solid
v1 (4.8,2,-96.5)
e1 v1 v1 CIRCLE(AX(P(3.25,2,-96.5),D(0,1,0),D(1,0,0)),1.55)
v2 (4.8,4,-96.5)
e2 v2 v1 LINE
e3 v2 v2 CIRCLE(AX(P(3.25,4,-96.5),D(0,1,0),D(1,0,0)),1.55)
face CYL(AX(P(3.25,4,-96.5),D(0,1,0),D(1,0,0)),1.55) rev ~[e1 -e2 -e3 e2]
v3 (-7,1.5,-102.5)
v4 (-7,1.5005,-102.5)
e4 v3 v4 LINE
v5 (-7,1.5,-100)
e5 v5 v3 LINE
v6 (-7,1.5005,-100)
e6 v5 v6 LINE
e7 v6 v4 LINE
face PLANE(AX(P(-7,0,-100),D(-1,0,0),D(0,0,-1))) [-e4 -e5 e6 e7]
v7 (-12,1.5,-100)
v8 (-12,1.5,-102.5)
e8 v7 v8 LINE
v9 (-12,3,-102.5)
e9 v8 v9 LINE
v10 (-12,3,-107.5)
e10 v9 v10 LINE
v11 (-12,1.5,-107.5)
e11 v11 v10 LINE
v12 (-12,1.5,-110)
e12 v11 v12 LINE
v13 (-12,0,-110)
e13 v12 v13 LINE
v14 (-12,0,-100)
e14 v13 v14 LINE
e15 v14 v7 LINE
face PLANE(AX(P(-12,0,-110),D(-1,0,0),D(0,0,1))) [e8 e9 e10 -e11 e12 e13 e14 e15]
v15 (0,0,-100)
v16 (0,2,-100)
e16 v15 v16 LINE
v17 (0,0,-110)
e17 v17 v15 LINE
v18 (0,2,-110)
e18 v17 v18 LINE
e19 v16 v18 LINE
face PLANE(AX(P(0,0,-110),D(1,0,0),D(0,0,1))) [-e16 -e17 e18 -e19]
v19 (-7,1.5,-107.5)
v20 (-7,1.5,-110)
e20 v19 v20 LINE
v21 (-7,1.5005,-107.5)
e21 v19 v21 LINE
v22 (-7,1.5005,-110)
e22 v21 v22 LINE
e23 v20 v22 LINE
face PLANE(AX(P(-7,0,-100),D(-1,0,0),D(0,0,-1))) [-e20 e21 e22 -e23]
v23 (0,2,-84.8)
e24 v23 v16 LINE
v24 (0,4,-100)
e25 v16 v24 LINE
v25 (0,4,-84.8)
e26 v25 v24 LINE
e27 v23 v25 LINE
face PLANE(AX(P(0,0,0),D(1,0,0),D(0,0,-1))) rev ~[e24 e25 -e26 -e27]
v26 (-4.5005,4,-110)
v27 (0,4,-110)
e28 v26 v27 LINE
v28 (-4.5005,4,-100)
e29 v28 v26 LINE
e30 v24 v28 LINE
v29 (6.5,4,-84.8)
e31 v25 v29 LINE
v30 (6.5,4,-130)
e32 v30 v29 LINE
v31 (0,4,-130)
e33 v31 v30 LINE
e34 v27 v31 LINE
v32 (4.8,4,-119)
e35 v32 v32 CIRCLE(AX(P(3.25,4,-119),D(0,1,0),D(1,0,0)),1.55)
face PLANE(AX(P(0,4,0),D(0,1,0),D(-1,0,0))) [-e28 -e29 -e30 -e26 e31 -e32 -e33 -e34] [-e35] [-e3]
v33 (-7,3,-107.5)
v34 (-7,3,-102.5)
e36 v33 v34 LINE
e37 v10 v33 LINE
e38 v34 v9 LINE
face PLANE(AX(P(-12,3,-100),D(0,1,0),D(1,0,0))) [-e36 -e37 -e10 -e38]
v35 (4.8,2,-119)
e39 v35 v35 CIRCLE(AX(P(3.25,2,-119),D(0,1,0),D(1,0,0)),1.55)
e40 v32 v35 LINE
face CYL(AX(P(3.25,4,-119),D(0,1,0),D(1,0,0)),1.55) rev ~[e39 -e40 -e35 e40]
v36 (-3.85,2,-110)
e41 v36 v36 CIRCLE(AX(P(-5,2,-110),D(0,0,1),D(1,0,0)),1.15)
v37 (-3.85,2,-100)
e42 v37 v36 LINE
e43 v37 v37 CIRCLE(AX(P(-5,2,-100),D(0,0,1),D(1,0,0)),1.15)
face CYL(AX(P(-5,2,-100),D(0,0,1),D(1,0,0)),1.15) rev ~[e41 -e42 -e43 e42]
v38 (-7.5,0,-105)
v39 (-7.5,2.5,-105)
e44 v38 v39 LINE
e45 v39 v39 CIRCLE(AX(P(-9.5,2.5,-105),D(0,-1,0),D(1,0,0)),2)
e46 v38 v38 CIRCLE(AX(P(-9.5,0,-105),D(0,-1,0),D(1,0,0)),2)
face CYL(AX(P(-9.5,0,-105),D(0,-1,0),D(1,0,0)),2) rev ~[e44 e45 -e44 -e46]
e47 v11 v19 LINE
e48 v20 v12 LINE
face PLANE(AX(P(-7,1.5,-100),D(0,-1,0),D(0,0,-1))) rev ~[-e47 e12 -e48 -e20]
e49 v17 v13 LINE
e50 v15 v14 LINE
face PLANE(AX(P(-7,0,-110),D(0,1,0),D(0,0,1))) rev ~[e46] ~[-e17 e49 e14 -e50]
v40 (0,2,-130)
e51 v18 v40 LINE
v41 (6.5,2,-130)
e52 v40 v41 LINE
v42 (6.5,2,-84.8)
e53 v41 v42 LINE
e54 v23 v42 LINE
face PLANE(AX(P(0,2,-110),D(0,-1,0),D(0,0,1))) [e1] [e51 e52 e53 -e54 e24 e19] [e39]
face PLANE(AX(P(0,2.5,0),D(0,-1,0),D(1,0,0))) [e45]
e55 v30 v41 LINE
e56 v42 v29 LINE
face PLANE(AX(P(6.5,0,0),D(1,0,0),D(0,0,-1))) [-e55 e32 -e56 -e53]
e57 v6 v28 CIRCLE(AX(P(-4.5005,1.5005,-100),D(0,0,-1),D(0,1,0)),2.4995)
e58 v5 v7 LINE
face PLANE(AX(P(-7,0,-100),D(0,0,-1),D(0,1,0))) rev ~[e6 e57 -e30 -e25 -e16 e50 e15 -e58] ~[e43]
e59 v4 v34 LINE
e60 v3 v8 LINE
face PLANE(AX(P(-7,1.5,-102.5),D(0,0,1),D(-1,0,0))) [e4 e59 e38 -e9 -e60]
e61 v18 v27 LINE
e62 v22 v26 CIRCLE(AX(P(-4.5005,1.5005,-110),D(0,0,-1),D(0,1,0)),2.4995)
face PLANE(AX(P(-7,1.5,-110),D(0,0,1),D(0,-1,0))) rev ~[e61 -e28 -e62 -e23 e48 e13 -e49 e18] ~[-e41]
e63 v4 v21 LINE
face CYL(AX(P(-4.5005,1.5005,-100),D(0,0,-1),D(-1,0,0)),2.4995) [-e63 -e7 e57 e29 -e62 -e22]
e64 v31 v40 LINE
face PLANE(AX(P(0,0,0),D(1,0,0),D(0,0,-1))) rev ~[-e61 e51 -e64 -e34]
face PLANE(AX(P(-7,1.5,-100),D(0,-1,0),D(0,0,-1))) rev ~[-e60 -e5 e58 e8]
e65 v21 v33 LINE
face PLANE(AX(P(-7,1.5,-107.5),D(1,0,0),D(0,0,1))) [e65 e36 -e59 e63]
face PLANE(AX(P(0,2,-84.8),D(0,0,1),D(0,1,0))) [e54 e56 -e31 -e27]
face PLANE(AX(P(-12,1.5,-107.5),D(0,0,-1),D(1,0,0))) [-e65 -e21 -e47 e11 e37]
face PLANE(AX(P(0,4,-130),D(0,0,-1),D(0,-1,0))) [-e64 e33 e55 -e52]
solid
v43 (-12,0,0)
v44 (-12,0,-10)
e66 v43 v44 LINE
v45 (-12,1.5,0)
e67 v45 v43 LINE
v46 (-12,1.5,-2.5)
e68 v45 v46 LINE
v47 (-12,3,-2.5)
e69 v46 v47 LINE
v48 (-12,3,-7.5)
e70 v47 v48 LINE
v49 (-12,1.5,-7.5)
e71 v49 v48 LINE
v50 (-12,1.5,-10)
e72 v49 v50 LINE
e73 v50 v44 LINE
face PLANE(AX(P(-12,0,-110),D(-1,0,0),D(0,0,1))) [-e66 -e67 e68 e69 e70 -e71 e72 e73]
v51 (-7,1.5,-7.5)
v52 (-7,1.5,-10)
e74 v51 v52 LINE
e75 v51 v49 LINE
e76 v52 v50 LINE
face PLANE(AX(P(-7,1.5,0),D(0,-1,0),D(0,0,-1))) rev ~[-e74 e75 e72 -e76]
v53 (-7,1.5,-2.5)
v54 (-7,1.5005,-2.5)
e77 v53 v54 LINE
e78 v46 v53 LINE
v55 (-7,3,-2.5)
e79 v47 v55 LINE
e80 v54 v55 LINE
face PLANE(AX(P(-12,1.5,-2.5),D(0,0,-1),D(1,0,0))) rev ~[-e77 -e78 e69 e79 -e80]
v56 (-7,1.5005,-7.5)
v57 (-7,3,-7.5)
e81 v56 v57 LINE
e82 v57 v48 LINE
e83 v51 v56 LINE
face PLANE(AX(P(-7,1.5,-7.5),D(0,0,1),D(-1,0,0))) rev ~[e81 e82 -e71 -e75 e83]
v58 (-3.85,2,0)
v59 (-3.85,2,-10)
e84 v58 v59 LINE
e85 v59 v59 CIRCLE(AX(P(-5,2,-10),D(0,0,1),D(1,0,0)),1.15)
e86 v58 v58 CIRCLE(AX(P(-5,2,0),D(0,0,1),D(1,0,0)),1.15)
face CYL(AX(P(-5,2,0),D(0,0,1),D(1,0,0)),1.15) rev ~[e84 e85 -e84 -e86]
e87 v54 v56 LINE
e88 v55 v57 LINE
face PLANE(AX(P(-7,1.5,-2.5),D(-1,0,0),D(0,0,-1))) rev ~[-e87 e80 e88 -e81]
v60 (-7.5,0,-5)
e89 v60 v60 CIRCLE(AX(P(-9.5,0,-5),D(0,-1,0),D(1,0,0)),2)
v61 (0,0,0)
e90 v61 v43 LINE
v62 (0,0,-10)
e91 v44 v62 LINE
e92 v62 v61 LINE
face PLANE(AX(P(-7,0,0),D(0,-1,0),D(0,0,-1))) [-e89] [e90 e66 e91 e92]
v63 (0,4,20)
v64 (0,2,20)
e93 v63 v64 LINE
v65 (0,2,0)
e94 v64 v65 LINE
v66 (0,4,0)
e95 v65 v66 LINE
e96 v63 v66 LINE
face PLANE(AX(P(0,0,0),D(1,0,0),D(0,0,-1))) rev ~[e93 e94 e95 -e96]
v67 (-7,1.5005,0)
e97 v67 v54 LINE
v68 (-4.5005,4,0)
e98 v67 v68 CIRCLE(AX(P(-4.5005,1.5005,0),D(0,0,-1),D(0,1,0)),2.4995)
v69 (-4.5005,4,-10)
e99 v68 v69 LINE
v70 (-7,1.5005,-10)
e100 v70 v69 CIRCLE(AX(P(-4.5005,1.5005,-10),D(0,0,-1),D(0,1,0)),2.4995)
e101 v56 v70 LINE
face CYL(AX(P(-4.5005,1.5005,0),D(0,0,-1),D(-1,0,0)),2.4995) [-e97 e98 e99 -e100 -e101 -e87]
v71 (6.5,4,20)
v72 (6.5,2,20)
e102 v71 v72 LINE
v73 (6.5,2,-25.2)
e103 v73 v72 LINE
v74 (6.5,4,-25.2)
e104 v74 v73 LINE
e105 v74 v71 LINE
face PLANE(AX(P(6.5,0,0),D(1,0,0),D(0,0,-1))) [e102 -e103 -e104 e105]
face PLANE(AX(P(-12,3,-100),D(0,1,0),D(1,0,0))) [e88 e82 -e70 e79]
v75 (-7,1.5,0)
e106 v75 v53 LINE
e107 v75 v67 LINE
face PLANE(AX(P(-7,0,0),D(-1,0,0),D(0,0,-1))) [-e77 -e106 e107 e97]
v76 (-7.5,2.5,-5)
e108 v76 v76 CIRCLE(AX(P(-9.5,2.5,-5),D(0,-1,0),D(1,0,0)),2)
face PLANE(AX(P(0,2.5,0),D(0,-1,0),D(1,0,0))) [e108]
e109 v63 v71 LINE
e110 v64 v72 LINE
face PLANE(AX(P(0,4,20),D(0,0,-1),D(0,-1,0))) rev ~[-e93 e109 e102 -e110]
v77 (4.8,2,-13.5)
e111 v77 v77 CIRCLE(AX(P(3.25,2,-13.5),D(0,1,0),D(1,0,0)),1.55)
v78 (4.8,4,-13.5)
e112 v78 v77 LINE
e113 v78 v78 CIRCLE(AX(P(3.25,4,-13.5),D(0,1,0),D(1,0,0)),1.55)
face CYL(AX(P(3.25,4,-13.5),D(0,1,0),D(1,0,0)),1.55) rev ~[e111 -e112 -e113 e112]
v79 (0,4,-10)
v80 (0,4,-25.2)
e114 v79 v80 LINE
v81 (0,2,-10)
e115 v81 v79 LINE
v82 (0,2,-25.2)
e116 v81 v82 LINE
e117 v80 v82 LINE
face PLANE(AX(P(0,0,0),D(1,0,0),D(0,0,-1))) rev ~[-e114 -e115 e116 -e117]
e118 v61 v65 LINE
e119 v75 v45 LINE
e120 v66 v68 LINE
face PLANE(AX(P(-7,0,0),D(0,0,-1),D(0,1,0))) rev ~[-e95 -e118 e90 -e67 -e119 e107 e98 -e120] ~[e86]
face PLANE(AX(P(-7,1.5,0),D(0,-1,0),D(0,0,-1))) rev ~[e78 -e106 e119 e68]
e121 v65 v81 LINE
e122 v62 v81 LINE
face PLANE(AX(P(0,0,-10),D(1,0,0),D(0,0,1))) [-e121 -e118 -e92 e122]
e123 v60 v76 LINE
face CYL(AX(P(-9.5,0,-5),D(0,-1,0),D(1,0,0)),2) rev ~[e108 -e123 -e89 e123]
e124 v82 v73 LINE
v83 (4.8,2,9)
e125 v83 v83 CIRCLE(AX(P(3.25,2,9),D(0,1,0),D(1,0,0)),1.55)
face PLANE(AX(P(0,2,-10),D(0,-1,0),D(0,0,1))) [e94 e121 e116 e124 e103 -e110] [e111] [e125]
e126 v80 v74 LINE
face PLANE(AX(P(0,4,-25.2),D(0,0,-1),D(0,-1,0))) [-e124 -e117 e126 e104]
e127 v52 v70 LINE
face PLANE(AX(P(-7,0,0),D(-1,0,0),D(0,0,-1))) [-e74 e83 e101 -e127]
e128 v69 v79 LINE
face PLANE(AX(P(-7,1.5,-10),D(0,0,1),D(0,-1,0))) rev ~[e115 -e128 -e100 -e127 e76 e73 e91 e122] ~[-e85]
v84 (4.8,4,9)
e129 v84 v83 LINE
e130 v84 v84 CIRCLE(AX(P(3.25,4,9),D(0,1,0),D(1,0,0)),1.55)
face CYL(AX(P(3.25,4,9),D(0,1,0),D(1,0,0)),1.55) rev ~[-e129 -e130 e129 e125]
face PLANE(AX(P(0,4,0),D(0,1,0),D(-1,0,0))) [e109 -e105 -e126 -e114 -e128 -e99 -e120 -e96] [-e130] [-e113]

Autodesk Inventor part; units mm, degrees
ref_plane "YZ Plane" through (0, 0, 0) normal (1, 0, 0) x (0, 1, 0)
ref_plane "XZ Plane" through (0, 0, 0) normal (0, 1, 0) x (-1, 0, 0)
ref_plane "XY Plane" through (0, 0, 0) normal (0, 0, 1) x (1, 0, 0)
sketch "Sketch21" plane through (0, 0, 0) normal (0, 1, 0) x (-1, 0, 0)
  line L0 (0, 0) -> (7, 0)
  line L1 (7, 0) -> (7, -10)
  line L2 (7, -10) -> (0, -10)
  line L3 (0, -10) -> (0, 0)
  line L4 (0, -100) -> (7, -100)
  line L5 (7, -100) -> (7, -110)
  line L6 (7, -110) -> (0, -110)
  line L7 (0, -110) -> (0, -100)
  dimension "d144" = 7
  dimension "d145" = 10
  dimension "d146" = 7
  dimension "d147" = 10
  dimension "d148" = 90
extrude "Extrusion19" add sketch "Sketch21" along normal blind 4
sketch "Sketch22" plane through (0, 0, 0) normal (1, 0, 0) x (0, 0, -1)
  line L0 (10, 4) -> (0, 4) projected
  line L1 (10, 0) -> (10, 4) projected
  line L2 (0, 4) -> (10, 4)
  line L3 (10, 4) -> (10, 2)
  line L4 (10, 2) -> (0, 2)
  line L5 (0, 2) -> (0, 4)
  line L6 (10, 4) -> (25.2, 4)
  line L7 (25.2, 4) -> (25.2, 2)
  line L8 (25.2, 2) -> (10, 2)
  line L9 (10, 2) -> (10, 4)
  line L10 (0, 4) -> (-20, 4)
  line L11 (-20, 4) -> (-20, 2)
  line L12 (-20, 2) -> (0, 2)
  line L13 (0, 2) -> (0, 4)
  line L14 (110, 0) -> (110, 4) projected
  line L15 (100, 4) -> (110, 4)
  line L16 (110, 4) -> (110, 2)
  line L17 (110, 2) -> (100, 2)
  line L18 (100, 2) -> (100, 4)
  line L19 (100, 2) -> (84.8, 2)
  line L20 (84.8, 2) -> (84.8, 4)
  line L21 (84.8, 4) -> (100, 4)
  line L22 (100, 4) -> (100, 2)
  line L23 (110, 4) -> (130, 4)
  line L24 (130, 4) -> (130, 2)
  line L25 (130, 2) -> (110, 2)
  line L26 (110, 2) -> (110, 4)
  point P0 (0, 0)
  point P1 (10, 3)
  point P2 (0, 3)
  dimension "d151" = 10
  dimension "d152" = 15.2
  dimension "d153" = 20
  dimension "d154" = 15.2
  dimension "d155" = 20
extrude "Extrusion20" add sketch "Sketch22" along normal blind 6.5
sketch "Sketch23" plane through (0, 4, 0) normal (0, 1, 0) x (1, 0, 0)
  point P0 (0, 0)
sketch "Sketch24" plane through (0, 4, 0) normal (0, 1, 0) x (1, 0, 0)
  circle A0 centre (3.25, -9) radius 1.55
  circle A1 centre (3.25, 13.5) radius 1.55
  line L0 (0, -20) -> (6.5, -20) projected
  line L1 (0, 0) -> (0, -20) projected
  line L2 (0, 25.2) -> (0, 10) projected
  circle A2 centre (3.25, 96.5) radius 1.55
  circle A3 centre (3.25, 119) radius 1.55
  line L3 (0, 130) -> (0, 110) projected
  line L4 (0, 130) -> (6.5, 130) projected
  point P0 (3.25, -20)
  point P1 (3.25, -20)
  point P2 (3.25, 130)
  point P3 (3.25, 130)
  dimension "d158" = 3.1
  dimension "d159" = 3.1
  dimension "d160" = 11
  dimension "d161" = 33.5
  dimension "d162" = 3.25
  dimension "d163" = 3.25
  dimension "d164" = 3.1
  dimension "d165" = 3.1
  dimension "d166" = 3.25
  dimension "d167" = 11
  dimension "d169" = 33.5
  dimension "d170" = 3.25
extrude "Extrusion21" cut sketch "Sketch24" against normal blind 2
sketch "Sketch25" plane through (-7, 0, 0) normal (0, 0, 1) x (1, 0, 0)
  circle A0 centre (2, 2) radius 1.15
  line L0 (0, 0) -> (0, 4) projected
  line L1 (0, 4) -> (7, 4) projected
  point P0 (7, 0)
  point P1 (0, 2)
  dimension "d173" = 2.3
  dimension "d174" = 2
  dimension "d175" = 2
extrude "Extrusion22" cut sketch "Sketch25" against normal blind 90
sketch "Szkic26" plane through (0, 0, -100) normal (0, 0, 1) x (1, 0, 0)
  line L0 (0, 2) -> (6.5, 2) projected
  circle A0 centre (-5, 2) radius 1.15 projected
  point P0 (0, 0)
extrude "Wyciągnięcie proste23" cut sketch "Szkic26" against normal blind 10
sketch "Szkic31" plane through (-7, 0, -110) normal (-1, 0, 0) x (0, 0, 1)
  line L0 (110, 0) -> (100, 0) projected
  line L1 (110, 3.15) -> (110, 0.85) projected
  line L2 (100, 0) -> (110, 0)
  line L3 (110, 0) -> (110, 1.5)
  line L4 (110, 1.5) -> (100, 1.5)
  line L5 (100, 1.5) -> (100, 0)
  dimension "d201" = 1.5
extrude "Wyciągnięcie proste28" add sketch "Szkic31" along normal blind 5
fillet "Zaokrąglenie6" radius 2.5 1 edges at (-7, 4, -5)
sketch "Szkic32" plane through (-7, 0, -110) normal (-1, 0, 0) x (0, 0, 1)
  line L0 (0, 0) -> (10, 0)
  line L1 (10, 0) -> (10, 1.5)
  line L2 (10, 1.5) -> (0, 1.5)
  line L3 (0, 1.5) -> (0, 0)
  point P0 (110, 0)
  dimension "d205" = 10
  dimension "d206" = 1.5
extrude "Wyciągnięcie proste29" add sketch "Szkic32" along normal blind 5
fillet "Zaokrąglenie7" radius 2.5 1 edges at (-7, 4, -105)
sketch "Szkic33" plane through (-12, 1.5, -100) normal (0, 1, 0) x (1, 0, 0)
  circle A0 centre (2.5, 5) radius 2
  circle A1 centre (2.5, -95) radius 2
  line L0 (0, -100) -> (0, -90) projected
  line L1 (5, -100) -> (0, -100) projected
  line L2 (5, 0) -> (0, 0) projected
  line L3 (0, 0) -> (0, 10) projected
  line L4 (5, 2.5) -> (0, 2.5)
  line L5 (0, 2.5) -> (0, 7.5)
  line L6 (0, 7.5) -> (5, 7.5)
  line L7 (5, 7.5) -> (5, 2.5)
  line L8 (5, 2.5) -> (0, 7.5) construction
  line L9 (0, 2.5) -> (5, 7.5) construction
  line L10 (5, -92.5) -> (0, -92.5)
  line L11 (0, -92.5) -> (0, -97.5)
  line L12 (0, -97.5) -> (5, -97.5)
  line L13 (5, -97.5) -> (5, -92.5)
  line L14 (5, -92.5) -> (0, -97.5) construction
  line L15 (0, -92.5) -> (5, -97.5) construction
  point P0 (12, -100)
  point P1 (2.5, -100)
  point P2 (2.5, 0)
  dimension "d210" = 4
  dimension "d211" = 4
  dimension "d212" = 2.5
  dimension "d213" = 5
  dimension "d214" = 5
  dimension "d215" = 2.5
  dimension "d216" = 5
  dimension "d217" = 5
extrude "Wyciągnięcie proste30" add sketch "Szkic33" along normal blind 1.5 contours A0 | A1 | L0 L10 L13 L12 | L3 L6 L7 L4
sketch "Szkic34" plane through (0, 0, 0) normal (0, -1, 0) x (1, 0, 0)
  line L0 (0, -10) -> (-12, -10) projected
  line L1 (0, 0) -> (0, -10) projected
  line L2 (0, 0) -> (-12, 0) projected
  line L3 (-12, -10) -> (-12, 0) projected
  circle A0 centre (-9.5, -5) radius 2
  circle A1 centre (-9.5, -105) radius 2
  line L4 (-12, -110) -> (-12, -100) projected
  line L5 (0, -100) -> (-12, -100) projected
  point P0 (-12, -5)
  point P1 (-12, -105)
  dimension "d220" = 4
  dimension "d221" = 2.5
  dimension "d222" = 5
  dimension "d223" = 4
  dimension "d224" = 2.5
  dimension "d225" = 5
extrude "Wyciągnięcie proste31" cut sketch "Szkic34" against normal blind 2.5 contours A0 | A1
properties part number "mocowanie do pługu" material "Tworzywo sztuczne PET"
